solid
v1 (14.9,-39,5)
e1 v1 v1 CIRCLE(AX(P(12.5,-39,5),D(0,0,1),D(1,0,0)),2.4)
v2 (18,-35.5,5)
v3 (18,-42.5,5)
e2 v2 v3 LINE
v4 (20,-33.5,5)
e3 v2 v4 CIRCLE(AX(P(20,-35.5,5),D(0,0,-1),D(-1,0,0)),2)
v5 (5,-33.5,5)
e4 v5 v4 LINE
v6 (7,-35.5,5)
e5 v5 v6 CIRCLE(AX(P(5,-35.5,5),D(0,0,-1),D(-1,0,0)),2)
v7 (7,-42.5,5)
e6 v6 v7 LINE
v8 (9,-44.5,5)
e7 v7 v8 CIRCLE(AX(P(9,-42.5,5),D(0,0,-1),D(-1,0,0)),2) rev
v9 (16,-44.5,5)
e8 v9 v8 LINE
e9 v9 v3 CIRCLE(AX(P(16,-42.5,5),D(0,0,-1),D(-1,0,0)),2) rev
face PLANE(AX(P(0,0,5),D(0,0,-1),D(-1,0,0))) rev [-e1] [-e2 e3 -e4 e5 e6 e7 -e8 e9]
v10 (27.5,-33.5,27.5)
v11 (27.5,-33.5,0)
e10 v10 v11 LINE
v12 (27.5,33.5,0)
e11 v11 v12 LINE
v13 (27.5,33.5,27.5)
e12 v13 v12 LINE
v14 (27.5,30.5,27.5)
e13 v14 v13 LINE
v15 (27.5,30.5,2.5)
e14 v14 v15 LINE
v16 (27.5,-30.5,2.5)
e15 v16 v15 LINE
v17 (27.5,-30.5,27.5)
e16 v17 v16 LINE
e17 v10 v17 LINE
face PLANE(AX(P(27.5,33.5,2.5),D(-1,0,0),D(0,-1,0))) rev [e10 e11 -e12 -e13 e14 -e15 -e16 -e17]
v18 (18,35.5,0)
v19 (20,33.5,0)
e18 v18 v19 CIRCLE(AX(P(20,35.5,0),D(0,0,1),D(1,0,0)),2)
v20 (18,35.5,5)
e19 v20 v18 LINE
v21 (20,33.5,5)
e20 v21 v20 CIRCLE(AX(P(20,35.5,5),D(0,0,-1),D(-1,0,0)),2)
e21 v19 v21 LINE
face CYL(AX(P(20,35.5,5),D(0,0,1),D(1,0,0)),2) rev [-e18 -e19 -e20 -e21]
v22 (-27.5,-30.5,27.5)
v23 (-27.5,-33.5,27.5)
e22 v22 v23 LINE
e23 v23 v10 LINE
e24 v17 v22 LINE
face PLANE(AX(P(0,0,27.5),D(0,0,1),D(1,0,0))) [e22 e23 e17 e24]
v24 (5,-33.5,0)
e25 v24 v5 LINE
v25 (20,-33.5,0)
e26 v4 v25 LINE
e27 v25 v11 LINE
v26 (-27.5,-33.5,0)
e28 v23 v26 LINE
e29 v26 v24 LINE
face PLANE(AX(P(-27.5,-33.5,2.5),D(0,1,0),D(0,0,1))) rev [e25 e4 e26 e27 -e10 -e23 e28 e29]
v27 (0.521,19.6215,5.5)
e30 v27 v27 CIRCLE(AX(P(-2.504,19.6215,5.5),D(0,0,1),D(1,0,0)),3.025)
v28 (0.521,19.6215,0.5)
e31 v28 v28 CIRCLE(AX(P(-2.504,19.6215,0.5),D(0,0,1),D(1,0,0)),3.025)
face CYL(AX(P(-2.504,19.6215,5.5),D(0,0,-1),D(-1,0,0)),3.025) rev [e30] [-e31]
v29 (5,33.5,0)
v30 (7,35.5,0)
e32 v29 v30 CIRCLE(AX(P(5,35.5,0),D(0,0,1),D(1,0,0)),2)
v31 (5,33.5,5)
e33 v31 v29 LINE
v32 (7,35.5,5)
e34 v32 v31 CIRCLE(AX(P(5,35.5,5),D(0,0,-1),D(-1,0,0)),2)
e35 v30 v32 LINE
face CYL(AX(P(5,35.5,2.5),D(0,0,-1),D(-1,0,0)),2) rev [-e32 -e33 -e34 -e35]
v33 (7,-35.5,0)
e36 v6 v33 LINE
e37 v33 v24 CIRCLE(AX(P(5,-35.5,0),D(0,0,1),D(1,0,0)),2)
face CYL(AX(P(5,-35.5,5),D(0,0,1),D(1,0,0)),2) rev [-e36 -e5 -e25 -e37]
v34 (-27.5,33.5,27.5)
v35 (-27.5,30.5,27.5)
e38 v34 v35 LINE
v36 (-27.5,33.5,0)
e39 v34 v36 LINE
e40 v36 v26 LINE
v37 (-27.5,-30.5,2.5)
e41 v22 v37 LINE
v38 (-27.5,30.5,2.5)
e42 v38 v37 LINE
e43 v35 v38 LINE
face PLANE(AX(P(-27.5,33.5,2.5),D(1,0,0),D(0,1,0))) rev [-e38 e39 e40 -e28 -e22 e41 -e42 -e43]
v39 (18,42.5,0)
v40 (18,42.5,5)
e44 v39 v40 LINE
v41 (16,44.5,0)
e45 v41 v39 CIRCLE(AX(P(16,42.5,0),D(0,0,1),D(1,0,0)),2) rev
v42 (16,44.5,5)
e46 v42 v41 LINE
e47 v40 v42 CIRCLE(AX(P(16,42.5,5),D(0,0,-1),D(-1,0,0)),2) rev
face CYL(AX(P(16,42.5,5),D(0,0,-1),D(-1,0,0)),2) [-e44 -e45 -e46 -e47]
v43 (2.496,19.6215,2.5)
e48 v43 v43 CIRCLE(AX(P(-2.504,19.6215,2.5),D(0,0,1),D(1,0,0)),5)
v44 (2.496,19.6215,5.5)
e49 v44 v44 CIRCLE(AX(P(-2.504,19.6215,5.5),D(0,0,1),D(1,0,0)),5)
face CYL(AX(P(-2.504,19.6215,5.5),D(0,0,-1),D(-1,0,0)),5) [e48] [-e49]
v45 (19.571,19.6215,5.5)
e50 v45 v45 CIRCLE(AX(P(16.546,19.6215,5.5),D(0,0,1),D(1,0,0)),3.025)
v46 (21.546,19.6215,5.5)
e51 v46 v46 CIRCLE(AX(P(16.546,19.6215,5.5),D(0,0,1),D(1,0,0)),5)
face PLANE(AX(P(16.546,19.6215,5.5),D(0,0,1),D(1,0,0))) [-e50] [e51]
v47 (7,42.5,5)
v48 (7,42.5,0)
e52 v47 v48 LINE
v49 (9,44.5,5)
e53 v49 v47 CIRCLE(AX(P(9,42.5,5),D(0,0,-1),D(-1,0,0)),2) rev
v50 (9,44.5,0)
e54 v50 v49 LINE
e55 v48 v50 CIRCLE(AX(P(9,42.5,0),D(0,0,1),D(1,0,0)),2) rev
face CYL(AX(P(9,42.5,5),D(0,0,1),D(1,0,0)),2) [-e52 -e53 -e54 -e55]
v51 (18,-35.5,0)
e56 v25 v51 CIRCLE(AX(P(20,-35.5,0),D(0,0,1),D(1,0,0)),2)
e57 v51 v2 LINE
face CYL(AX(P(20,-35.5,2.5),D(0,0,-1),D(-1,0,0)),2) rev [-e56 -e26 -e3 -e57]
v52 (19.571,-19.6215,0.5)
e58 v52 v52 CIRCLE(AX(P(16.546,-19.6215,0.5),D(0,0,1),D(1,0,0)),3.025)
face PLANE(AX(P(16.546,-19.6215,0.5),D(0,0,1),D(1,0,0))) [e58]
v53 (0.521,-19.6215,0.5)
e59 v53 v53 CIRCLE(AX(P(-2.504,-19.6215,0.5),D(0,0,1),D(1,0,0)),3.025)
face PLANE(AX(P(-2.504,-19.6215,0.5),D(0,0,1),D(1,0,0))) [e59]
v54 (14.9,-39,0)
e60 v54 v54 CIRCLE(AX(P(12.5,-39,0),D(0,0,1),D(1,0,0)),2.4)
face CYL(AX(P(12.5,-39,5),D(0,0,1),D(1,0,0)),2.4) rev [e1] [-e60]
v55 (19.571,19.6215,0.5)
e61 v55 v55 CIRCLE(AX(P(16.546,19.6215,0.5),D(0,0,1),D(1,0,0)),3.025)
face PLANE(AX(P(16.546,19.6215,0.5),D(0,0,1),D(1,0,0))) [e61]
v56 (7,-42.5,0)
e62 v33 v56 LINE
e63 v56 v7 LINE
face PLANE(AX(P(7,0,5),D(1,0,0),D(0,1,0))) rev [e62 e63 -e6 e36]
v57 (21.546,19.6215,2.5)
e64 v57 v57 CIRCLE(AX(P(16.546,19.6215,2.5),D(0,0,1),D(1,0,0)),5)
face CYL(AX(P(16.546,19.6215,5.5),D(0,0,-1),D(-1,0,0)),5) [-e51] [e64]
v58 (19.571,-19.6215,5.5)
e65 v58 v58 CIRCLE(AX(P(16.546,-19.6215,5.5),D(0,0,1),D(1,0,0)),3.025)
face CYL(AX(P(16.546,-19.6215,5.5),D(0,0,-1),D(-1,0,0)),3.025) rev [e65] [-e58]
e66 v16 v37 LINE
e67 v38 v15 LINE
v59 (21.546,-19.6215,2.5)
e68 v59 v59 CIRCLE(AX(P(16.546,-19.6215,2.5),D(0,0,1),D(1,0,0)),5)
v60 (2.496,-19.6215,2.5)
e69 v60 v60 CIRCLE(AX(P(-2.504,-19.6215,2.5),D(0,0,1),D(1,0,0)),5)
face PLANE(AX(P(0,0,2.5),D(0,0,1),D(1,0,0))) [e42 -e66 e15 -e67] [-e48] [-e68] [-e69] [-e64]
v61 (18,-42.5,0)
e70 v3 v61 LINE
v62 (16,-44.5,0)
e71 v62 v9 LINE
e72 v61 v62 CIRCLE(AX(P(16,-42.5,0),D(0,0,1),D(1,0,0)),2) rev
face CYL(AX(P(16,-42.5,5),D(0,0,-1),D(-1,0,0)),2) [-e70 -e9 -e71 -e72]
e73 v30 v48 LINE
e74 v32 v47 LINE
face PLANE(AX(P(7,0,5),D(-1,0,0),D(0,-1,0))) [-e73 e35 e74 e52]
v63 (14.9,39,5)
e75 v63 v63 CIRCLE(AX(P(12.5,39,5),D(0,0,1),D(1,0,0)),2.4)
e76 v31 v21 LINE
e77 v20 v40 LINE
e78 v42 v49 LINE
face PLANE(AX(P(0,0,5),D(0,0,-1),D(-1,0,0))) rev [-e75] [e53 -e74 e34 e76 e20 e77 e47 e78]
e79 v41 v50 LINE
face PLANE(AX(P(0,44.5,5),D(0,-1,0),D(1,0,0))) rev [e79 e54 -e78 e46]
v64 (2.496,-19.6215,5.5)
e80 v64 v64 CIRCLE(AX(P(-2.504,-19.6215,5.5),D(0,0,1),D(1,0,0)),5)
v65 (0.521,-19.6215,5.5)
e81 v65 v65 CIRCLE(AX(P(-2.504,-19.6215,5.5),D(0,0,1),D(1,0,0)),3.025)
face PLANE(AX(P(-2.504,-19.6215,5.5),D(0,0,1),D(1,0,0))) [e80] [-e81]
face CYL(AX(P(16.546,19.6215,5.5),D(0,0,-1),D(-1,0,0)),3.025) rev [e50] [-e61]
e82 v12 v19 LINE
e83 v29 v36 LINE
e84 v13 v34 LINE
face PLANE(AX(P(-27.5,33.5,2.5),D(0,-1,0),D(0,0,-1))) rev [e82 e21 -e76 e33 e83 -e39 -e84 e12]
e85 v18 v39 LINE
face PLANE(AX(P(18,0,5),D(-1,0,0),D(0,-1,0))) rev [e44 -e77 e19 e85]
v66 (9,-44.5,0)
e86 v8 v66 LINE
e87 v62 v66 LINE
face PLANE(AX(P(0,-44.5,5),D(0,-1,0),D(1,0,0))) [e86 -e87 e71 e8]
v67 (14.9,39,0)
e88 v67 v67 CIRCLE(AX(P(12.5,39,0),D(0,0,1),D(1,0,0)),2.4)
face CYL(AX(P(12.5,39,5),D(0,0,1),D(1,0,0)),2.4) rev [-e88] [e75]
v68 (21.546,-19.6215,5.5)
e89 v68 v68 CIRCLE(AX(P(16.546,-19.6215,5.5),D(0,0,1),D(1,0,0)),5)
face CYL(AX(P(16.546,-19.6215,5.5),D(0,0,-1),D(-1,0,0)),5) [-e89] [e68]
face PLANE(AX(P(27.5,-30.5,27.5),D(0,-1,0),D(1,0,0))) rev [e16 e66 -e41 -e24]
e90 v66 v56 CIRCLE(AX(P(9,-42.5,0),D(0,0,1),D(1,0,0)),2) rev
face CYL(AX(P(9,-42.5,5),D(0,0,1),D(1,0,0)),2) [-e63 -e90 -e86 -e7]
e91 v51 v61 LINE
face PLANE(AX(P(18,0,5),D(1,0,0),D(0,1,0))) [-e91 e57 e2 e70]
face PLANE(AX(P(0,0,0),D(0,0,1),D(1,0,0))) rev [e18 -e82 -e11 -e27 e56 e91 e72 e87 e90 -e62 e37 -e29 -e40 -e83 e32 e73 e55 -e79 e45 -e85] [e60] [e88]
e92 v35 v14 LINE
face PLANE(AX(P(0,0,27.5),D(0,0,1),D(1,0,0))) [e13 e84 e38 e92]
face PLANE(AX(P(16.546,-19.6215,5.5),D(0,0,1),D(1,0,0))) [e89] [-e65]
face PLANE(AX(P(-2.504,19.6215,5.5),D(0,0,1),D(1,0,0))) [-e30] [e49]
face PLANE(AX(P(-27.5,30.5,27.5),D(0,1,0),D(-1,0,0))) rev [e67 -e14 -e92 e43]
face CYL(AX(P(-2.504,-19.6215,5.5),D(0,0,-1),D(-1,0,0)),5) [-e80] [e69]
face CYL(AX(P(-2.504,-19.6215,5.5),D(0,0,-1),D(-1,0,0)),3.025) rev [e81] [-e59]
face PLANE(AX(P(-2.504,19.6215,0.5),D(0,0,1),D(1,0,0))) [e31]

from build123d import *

# Parameters (mm, degrees)
SKETCH1_W            = 55
SKETCH1_H            = 67
BOSS_EXTRUDE1_DEPTH  = 2.5
SKETCH2_W            = 55
SKETCH2_H            = 3
BOSS_EXTRUDE2_DEPTH  = 25
SKETCH3_R            = 5
SKETCH3_R_2          = 3.025
BOSS_EXTRUDE3_DEPTH  = 3
CUT_EXTRUDE1_START   = -2
SKETCH4_R            = 3.025
CUT_EXTRUDE1_DEPTH   = 2
SKETCH5_W            = 5.5
SKETCH5_H            = 11
BOSS_EXTRUDE4_DEPTH  = 5
M4_CLEARANCE_HOLE1_D = 4.8
FILLET3_R            = 2


with BuildPart() as part:
    # Sketch1 → Boss-Extrude1 (new body)
    with BuildSketch(Plane.XY):
        Rectangle(SKETCH1_W, SKETCH1_H)
    extrude(amount=BOSS_EXTRUDE1_DEPTH)

    # Sketch2 → Boss-Extrude2 (add)
    with BuildSketch(Plane.XY.offset(2.5)):
        with Locations((0, 32)):
            Rectangle(SKETCH2_W, SKETCH2_H)
        with Locations((0, -32)):
            Rectangle(SKETCH2_W, SKETCH2_H)
    extrude(amount=BOSS_EXTRUDE2_DEPTH)

    # Sketch3 → Boss-Extrude3 (add)
    # profile 1 of 4: a face of its own
    with BuildSketch(Plane.XY.offset(2.5)):
        with Locations((-2.504, 19.6215)):
            Circle(SKETCH3_R)
        with Locations((-2.504, 19.6215)):
            Circle(SKETCH3_R_2, mode=Mode.SUBTRACT)
    # profile 2 of 4: a face of its own
    with BuildSketch(Plane.XY.offset(2.5)):
        with Locations((16.546, 19.6215)):
            Circle(SKETCH3_R)
        with Locations((16.546, 19.6215)):
            Circle(SKETCH3_R_2, mode=Mode.SUBTRACT)
    # profile 3 of 4: a face of its own
    with BuildSketch(Plane.XY.offset(2.5)):
        with Locations((16.546, -19.6215)):
            Circle(SKETCH3_R)
        with Locations((16.546, -19.6215)):
            Circle(SKETCH3_R_2, mode=Mode.SUBTRACT)
    # profile 4 of 4: a face of its own
    with BuildSketch(Plane.XY.offset(2.5)):
        with Locations((-2.504, -19.6215)):
            Circle(SKETCH3_R)
        with Locations((-2.504, -19.6215)):
            Circle(SKETCH3_R_2, mode=Mode.SUBTRACT)
    extrude(amount=BOSS_EXTRUDE3_DEPTH)

    # Sketch4 → Cut-Extrude1 (cut)
    with BuildSketch(Plane.XY.offset(2.5).offset(CUT_EXTRUDE1_START)):
        with Locations((16.546, -19.6215)):
            Circle(SKETCH4_R)
        with Locations((-2.504, -19.6215)):
            Circle(SKETCH4_R)
        with Locations((16.546, 19.6215)):
            Circle(SKETCH4_R)
        with Locations((-2.504, 19.6215)):
            Circle(SKETCH4_R)
    extrude(amount=CUT_EXTRUDE1_DEPTH, mode=Mode.SUBTRACT)

    # Sketch5 → Boss-Extrude4 (add)
    with BuildSketch(Plane(origin=(0, 0, 0), x_dir=(-1, 0, 0), z_dir=(0, 0, -1))):
        with Locations((-9.75, 39)):
            Rectangle(SKETCH5_W, SKETCH5_H)
        with Locations((-15.25, 39)):
            Rectangle(SKETCH5_W, SKETCH5_H)
    boss_extrude4 = extrude(amount=-BOSS_EXTRUDE4_DEPTH)

    # M4 Clearance Hole1 (through all)
    with Locations(Plane.XY.offset(5)):
        with Locations((12.5, 39)):
            m4_clearance_hole1 = Hole(M4_CLEARANCE_HOLE1_D / 2)

    # Mirror2: Boss-Extrude4, M4 Clearance Hole1 across plane
    add(boss_extrude4.mirror(Plane.ZX))
    add(m4_clearance_hole1.mirror(Plane.ZX), mode=Mode.SUBTRACT)

    # Fillet3
    fillet3_edges = [part.edges().sort_by_distance(p)[0] for p in [
        (7, -44.5, 2.5),
        (18, -44.5, 2.5),
        (18, -33.5, 2.5),
        (7, -33.5, 2.5),
        (18, 44.5, 2.5),
        (7, 44.5, 2.5),
        (7, 33.5, 2.5),
        (18, 33.5, 2.5),
    ]]
    fillet(fillet3_edges, radius=FILLET3_R)


solid = part.part
